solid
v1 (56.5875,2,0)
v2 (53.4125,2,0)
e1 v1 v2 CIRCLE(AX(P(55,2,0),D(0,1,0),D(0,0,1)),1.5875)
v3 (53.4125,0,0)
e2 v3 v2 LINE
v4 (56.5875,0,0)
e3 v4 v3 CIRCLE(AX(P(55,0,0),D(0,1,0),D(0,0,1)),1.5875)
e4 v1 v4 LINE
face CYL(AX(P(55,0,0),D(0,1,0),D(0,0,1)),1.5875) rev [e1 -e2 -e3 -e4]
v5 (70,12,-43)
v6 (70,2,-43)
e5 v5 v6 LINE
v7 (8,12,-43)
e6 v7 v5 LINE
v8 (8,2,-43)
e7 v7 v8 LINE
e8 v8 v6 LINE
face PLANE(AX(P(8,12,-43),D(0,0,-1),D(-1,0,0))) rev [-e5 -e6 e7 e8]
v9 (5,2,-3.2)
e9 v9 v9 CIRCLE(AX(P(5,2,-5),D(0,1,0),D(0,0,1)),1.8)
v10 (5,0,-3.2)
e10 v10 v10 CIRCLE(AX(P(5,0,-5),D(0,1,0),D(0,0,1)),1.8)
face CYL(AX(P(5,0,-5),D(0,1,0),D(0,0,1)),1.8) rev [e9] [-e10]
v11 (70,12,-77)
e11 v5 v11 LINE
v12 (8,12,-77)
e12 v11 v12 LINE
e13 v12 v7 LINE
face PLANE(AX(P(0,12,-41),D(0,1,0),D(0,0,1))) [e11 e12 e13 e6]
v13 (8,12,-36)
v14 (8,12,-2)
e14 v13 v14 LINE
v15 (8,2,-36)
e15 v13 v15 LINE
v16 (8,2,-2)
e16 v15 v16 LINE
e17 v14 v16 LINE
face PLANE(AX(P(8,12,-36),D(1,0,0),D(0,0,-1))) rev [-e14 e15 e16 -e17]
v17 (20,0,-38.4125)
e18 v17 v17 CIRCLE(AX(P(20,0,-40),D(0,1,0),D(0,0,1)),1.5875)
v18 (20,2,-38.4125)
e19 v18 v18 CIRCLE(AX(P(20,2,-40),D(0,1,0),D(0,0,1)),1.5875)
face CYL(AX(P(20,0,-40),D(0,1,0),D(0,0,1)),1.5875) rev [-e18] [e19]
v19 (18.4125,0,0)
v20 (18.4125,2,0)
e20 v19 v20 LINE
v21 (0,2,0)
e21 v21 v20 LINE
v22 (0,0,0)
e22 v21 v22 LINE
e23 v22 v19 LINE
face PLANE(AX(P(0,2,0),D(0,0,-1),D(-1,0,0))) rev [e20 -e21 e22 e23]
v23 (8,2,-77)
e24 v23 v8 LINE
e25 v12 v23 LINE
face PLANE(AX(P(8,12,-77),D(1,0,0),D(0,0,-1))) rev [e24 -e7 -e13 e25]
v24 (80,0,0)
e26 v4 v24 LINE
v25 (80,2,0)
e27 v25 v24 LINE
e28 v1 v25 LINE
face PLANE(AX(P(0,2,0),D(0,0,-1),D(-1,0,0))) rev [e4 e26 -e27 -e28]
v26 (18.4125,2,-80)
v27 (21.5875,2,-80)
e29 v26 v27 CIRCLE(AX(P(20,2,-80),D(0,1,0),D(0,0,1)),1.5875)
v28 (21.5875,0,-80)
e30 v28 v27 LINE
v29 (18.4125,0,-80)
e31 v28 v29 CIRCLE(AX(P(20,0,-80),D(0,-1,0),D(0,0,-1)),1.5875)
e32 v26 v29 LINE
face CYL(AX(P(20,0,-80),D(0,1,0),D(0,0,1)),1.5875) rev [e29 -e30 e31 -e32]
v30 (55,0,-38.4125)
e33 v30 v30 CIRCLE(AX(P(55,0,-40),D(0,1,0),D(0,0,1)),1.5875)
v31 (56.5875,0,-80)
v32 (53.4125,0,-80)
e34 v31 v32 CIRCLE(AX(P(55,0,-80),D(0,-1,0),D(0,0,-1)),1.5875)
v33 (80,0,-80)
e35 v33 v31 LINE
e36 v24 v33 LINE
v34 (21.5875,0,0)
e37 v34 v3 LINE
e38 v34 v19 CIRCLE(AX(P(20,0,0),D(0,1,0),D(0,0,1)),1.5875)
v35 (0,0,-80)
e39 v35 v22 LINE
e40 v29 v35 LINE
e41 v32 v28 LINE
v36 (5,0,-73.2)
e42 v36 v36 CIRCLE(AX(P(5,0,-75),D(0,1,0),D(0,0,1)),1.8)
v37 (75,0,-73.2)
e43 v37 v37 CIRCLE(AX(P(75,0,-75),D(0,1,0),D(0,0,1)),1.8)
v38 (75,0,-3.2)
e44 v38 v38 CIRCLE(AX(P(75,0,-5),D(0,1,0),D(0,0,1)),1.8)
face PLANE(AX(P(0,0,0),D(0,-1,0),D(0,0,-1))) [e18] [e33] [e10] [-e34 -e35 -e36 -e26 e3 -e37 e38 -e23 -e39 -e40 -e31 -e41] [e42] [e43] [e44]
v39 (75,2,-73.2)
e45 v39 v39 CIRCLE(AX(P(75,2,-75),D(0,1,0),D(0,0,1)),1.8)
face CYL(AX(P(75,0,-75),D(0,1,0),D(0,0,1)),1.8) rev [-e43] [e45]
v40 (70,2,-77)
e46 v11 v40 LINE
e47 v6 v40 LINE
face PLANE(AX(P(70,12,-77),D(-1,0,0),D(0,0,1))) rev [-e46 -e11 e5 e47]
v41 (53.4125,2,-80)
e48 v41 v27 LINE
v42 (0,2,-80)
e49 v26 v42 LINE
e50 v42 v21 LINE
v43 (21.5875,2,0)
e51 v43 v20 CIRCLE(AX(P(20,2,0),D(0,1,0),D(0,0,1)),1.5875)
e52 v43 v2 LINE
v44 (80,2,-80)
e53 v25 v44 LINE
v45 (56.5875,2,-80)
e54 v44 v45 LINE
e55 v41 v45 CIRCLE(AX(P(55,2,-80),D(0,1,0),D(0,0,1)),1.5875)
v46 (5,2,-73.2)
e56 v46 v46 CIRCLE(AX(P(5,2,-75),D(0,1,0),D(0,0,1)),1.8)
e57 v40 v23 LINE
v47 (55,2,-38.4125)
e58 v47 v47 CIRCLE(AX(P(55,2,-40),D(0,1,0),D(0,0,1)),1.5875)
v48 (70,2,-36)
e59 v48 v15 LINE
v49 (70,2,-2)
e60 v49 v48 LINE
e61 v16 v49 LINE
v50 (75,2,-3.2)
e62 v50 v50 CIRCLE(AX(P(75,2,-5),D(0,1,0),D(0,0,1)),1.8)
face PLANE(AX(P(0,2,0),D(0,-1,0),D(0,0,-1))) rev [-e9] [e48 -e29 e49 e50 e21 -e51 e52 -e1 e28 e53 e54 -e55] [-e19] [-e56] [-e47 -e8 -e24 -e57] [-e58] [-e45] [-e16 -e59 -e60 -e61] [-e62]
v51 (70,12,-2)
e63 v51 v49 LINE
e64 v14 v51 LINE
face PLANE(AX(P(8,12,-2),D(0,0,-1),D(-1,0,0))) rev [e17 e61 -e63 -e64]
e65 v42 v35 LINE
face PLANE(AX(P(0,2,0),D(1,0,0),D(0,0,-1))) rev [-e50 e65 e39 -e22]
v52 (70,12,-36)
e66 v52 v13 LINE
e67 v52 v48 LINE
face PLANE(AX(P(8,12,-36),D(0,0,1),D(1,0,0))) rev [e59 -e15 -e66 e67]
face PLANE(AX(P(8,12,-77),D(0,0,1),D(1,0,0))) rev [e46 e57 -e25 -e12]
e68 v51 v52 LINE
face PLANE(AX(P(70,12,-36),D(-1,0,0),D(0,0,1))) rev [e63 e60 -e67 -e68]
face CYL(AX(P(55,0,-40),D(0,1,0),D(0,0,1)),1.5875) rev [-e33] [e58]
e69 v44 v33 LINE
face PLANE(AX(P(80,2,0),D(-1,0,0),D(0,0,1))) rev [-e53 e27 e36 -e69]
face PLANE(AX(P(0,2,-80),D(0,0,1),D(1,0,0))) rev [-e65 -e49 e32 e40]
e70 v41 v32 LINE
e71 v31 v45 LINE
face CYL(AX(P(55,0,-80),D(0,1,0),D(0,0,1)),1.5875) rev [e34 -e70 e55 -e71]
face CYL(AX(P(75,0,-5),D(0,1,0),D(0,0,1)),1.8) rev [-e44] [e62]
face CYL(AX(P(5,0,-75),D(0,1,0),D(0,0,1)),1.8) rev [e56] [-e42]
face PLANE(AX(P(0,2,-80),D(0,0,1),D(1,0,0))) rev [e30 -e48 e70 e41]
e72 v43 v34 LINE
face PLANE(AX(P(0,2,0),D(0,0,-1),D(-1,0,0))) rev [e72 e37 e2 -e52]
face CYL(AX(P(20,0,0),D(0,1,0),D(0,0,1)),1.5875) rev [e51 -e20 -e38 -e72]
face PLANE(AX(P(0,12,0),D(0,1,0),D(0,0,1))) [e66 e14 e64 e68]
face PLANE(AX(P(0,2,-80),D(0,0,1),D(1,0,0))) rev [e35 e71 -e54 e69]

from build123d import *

# Parameters (mm, degrees)
SKETCH1_W                     = 80
SKETCH1_H                     = 80
PCB_DEPTH                     = 2
SKETCH3_W                     = 62
SKETCH3_H                     = 34
BATTERY_STACK_DEPTH           = 10
LPATTERN3_COUNT               = 2
LPATTERN3_PITCH               = 41
SKETCH4_R                     = 1.8
ATTACHMENT_HOLES_DEPTH        = 3
SKETCH6_R                     = 1.5875
BATTERY_CABLE_TIE_HOLES_DEPTH = 3
LPATTERN2_COUNT               = 2
LPATTERN2_PITCH               = 35
LPATTERN2_COUNT_DIR2          = 3
LPATTERN2_PITCH_DIR2          = 40


with BuildPart() as part:
    # Sketch1 → PCB (new body)
    with BuildSketch(Plane(origin=(0, 0, 0), x_dir=(1, 0, 0), z_dir=(0, 1, 0))):
        with Locations((40, 40)):
            Rectangle(SKETCH1_W, SKETCH1_H)
    extrude(amount=PCB_DEPTH)

    # Sketch3 → Battery Stack (add)
    with BuildSketch(Plane(origin=(0, 2, 0), x_dir=(1, 0, 0), z_dir=(0, 1, 0))):
        with Locations((39, 19)):
            Rectangle(SKETCH3_W, SKETCH3_H)
    battery_stack = extrude(amount=BATTERY_STACK_DEPTH)

    # LPattern3: Battery Stack ×2
    with Locations(*[(0, 0, -i * LPATTERN3_PITCH) for i in range(1, LPATTERN3_COUNT)]):
        add(battery_stack)

    # Sketch4 → Attachment holes (cut, through all)
    with BuildSketch(Plane(origin=(0, 2, 0), x_dir=(1, 0, 0), z_dir=(0, 1, 0))):
        with Locations((5, 75)):
            Circle(SKETCH4_R)
        with Locations((75, 75)):
            Circle(SKETCH4_R)
        with Locations((75, 5)):
            Circle(SKETCH4_R)
        with Locations((5, 5)):
            Circle(SKETCH4_R)
    extrude(amount=-ATTACHMENT_HOLES_DEPTH, mode=Mode.SUBTRACT)

    # Sketch6 → Battery Cable Tie Holes (cut, through all)
    with BuildSketch(Plane(origin=(0, 2, 0), x_dir=(1, 0, 0), z_dir=(0, 1, 0))):
        with Locations((20, 0)):
            Circle(SKETCH6_R)
    battery_cable_tie_holes = extrude(amount=-BATTERY_CABLE_TIE_HOLES_DEPTH, mode=Mode.SUBTRACT)

    # LPattern2: Battery Cable Tie Holes 2 × 3
    with Locations(*[(i * LPATTERN2_PITCH, 0, -j * LPATTERN2_PITCH_DIR2) for i in range(LPATTERN2_COUNT) for j in range(LPATTERN2_COUNT_DIR2) if (i, j) != (0, 0)]):
        add(battery_cable_tie_holes, mode=Mode.SUBTRACT)


solid = part.part
